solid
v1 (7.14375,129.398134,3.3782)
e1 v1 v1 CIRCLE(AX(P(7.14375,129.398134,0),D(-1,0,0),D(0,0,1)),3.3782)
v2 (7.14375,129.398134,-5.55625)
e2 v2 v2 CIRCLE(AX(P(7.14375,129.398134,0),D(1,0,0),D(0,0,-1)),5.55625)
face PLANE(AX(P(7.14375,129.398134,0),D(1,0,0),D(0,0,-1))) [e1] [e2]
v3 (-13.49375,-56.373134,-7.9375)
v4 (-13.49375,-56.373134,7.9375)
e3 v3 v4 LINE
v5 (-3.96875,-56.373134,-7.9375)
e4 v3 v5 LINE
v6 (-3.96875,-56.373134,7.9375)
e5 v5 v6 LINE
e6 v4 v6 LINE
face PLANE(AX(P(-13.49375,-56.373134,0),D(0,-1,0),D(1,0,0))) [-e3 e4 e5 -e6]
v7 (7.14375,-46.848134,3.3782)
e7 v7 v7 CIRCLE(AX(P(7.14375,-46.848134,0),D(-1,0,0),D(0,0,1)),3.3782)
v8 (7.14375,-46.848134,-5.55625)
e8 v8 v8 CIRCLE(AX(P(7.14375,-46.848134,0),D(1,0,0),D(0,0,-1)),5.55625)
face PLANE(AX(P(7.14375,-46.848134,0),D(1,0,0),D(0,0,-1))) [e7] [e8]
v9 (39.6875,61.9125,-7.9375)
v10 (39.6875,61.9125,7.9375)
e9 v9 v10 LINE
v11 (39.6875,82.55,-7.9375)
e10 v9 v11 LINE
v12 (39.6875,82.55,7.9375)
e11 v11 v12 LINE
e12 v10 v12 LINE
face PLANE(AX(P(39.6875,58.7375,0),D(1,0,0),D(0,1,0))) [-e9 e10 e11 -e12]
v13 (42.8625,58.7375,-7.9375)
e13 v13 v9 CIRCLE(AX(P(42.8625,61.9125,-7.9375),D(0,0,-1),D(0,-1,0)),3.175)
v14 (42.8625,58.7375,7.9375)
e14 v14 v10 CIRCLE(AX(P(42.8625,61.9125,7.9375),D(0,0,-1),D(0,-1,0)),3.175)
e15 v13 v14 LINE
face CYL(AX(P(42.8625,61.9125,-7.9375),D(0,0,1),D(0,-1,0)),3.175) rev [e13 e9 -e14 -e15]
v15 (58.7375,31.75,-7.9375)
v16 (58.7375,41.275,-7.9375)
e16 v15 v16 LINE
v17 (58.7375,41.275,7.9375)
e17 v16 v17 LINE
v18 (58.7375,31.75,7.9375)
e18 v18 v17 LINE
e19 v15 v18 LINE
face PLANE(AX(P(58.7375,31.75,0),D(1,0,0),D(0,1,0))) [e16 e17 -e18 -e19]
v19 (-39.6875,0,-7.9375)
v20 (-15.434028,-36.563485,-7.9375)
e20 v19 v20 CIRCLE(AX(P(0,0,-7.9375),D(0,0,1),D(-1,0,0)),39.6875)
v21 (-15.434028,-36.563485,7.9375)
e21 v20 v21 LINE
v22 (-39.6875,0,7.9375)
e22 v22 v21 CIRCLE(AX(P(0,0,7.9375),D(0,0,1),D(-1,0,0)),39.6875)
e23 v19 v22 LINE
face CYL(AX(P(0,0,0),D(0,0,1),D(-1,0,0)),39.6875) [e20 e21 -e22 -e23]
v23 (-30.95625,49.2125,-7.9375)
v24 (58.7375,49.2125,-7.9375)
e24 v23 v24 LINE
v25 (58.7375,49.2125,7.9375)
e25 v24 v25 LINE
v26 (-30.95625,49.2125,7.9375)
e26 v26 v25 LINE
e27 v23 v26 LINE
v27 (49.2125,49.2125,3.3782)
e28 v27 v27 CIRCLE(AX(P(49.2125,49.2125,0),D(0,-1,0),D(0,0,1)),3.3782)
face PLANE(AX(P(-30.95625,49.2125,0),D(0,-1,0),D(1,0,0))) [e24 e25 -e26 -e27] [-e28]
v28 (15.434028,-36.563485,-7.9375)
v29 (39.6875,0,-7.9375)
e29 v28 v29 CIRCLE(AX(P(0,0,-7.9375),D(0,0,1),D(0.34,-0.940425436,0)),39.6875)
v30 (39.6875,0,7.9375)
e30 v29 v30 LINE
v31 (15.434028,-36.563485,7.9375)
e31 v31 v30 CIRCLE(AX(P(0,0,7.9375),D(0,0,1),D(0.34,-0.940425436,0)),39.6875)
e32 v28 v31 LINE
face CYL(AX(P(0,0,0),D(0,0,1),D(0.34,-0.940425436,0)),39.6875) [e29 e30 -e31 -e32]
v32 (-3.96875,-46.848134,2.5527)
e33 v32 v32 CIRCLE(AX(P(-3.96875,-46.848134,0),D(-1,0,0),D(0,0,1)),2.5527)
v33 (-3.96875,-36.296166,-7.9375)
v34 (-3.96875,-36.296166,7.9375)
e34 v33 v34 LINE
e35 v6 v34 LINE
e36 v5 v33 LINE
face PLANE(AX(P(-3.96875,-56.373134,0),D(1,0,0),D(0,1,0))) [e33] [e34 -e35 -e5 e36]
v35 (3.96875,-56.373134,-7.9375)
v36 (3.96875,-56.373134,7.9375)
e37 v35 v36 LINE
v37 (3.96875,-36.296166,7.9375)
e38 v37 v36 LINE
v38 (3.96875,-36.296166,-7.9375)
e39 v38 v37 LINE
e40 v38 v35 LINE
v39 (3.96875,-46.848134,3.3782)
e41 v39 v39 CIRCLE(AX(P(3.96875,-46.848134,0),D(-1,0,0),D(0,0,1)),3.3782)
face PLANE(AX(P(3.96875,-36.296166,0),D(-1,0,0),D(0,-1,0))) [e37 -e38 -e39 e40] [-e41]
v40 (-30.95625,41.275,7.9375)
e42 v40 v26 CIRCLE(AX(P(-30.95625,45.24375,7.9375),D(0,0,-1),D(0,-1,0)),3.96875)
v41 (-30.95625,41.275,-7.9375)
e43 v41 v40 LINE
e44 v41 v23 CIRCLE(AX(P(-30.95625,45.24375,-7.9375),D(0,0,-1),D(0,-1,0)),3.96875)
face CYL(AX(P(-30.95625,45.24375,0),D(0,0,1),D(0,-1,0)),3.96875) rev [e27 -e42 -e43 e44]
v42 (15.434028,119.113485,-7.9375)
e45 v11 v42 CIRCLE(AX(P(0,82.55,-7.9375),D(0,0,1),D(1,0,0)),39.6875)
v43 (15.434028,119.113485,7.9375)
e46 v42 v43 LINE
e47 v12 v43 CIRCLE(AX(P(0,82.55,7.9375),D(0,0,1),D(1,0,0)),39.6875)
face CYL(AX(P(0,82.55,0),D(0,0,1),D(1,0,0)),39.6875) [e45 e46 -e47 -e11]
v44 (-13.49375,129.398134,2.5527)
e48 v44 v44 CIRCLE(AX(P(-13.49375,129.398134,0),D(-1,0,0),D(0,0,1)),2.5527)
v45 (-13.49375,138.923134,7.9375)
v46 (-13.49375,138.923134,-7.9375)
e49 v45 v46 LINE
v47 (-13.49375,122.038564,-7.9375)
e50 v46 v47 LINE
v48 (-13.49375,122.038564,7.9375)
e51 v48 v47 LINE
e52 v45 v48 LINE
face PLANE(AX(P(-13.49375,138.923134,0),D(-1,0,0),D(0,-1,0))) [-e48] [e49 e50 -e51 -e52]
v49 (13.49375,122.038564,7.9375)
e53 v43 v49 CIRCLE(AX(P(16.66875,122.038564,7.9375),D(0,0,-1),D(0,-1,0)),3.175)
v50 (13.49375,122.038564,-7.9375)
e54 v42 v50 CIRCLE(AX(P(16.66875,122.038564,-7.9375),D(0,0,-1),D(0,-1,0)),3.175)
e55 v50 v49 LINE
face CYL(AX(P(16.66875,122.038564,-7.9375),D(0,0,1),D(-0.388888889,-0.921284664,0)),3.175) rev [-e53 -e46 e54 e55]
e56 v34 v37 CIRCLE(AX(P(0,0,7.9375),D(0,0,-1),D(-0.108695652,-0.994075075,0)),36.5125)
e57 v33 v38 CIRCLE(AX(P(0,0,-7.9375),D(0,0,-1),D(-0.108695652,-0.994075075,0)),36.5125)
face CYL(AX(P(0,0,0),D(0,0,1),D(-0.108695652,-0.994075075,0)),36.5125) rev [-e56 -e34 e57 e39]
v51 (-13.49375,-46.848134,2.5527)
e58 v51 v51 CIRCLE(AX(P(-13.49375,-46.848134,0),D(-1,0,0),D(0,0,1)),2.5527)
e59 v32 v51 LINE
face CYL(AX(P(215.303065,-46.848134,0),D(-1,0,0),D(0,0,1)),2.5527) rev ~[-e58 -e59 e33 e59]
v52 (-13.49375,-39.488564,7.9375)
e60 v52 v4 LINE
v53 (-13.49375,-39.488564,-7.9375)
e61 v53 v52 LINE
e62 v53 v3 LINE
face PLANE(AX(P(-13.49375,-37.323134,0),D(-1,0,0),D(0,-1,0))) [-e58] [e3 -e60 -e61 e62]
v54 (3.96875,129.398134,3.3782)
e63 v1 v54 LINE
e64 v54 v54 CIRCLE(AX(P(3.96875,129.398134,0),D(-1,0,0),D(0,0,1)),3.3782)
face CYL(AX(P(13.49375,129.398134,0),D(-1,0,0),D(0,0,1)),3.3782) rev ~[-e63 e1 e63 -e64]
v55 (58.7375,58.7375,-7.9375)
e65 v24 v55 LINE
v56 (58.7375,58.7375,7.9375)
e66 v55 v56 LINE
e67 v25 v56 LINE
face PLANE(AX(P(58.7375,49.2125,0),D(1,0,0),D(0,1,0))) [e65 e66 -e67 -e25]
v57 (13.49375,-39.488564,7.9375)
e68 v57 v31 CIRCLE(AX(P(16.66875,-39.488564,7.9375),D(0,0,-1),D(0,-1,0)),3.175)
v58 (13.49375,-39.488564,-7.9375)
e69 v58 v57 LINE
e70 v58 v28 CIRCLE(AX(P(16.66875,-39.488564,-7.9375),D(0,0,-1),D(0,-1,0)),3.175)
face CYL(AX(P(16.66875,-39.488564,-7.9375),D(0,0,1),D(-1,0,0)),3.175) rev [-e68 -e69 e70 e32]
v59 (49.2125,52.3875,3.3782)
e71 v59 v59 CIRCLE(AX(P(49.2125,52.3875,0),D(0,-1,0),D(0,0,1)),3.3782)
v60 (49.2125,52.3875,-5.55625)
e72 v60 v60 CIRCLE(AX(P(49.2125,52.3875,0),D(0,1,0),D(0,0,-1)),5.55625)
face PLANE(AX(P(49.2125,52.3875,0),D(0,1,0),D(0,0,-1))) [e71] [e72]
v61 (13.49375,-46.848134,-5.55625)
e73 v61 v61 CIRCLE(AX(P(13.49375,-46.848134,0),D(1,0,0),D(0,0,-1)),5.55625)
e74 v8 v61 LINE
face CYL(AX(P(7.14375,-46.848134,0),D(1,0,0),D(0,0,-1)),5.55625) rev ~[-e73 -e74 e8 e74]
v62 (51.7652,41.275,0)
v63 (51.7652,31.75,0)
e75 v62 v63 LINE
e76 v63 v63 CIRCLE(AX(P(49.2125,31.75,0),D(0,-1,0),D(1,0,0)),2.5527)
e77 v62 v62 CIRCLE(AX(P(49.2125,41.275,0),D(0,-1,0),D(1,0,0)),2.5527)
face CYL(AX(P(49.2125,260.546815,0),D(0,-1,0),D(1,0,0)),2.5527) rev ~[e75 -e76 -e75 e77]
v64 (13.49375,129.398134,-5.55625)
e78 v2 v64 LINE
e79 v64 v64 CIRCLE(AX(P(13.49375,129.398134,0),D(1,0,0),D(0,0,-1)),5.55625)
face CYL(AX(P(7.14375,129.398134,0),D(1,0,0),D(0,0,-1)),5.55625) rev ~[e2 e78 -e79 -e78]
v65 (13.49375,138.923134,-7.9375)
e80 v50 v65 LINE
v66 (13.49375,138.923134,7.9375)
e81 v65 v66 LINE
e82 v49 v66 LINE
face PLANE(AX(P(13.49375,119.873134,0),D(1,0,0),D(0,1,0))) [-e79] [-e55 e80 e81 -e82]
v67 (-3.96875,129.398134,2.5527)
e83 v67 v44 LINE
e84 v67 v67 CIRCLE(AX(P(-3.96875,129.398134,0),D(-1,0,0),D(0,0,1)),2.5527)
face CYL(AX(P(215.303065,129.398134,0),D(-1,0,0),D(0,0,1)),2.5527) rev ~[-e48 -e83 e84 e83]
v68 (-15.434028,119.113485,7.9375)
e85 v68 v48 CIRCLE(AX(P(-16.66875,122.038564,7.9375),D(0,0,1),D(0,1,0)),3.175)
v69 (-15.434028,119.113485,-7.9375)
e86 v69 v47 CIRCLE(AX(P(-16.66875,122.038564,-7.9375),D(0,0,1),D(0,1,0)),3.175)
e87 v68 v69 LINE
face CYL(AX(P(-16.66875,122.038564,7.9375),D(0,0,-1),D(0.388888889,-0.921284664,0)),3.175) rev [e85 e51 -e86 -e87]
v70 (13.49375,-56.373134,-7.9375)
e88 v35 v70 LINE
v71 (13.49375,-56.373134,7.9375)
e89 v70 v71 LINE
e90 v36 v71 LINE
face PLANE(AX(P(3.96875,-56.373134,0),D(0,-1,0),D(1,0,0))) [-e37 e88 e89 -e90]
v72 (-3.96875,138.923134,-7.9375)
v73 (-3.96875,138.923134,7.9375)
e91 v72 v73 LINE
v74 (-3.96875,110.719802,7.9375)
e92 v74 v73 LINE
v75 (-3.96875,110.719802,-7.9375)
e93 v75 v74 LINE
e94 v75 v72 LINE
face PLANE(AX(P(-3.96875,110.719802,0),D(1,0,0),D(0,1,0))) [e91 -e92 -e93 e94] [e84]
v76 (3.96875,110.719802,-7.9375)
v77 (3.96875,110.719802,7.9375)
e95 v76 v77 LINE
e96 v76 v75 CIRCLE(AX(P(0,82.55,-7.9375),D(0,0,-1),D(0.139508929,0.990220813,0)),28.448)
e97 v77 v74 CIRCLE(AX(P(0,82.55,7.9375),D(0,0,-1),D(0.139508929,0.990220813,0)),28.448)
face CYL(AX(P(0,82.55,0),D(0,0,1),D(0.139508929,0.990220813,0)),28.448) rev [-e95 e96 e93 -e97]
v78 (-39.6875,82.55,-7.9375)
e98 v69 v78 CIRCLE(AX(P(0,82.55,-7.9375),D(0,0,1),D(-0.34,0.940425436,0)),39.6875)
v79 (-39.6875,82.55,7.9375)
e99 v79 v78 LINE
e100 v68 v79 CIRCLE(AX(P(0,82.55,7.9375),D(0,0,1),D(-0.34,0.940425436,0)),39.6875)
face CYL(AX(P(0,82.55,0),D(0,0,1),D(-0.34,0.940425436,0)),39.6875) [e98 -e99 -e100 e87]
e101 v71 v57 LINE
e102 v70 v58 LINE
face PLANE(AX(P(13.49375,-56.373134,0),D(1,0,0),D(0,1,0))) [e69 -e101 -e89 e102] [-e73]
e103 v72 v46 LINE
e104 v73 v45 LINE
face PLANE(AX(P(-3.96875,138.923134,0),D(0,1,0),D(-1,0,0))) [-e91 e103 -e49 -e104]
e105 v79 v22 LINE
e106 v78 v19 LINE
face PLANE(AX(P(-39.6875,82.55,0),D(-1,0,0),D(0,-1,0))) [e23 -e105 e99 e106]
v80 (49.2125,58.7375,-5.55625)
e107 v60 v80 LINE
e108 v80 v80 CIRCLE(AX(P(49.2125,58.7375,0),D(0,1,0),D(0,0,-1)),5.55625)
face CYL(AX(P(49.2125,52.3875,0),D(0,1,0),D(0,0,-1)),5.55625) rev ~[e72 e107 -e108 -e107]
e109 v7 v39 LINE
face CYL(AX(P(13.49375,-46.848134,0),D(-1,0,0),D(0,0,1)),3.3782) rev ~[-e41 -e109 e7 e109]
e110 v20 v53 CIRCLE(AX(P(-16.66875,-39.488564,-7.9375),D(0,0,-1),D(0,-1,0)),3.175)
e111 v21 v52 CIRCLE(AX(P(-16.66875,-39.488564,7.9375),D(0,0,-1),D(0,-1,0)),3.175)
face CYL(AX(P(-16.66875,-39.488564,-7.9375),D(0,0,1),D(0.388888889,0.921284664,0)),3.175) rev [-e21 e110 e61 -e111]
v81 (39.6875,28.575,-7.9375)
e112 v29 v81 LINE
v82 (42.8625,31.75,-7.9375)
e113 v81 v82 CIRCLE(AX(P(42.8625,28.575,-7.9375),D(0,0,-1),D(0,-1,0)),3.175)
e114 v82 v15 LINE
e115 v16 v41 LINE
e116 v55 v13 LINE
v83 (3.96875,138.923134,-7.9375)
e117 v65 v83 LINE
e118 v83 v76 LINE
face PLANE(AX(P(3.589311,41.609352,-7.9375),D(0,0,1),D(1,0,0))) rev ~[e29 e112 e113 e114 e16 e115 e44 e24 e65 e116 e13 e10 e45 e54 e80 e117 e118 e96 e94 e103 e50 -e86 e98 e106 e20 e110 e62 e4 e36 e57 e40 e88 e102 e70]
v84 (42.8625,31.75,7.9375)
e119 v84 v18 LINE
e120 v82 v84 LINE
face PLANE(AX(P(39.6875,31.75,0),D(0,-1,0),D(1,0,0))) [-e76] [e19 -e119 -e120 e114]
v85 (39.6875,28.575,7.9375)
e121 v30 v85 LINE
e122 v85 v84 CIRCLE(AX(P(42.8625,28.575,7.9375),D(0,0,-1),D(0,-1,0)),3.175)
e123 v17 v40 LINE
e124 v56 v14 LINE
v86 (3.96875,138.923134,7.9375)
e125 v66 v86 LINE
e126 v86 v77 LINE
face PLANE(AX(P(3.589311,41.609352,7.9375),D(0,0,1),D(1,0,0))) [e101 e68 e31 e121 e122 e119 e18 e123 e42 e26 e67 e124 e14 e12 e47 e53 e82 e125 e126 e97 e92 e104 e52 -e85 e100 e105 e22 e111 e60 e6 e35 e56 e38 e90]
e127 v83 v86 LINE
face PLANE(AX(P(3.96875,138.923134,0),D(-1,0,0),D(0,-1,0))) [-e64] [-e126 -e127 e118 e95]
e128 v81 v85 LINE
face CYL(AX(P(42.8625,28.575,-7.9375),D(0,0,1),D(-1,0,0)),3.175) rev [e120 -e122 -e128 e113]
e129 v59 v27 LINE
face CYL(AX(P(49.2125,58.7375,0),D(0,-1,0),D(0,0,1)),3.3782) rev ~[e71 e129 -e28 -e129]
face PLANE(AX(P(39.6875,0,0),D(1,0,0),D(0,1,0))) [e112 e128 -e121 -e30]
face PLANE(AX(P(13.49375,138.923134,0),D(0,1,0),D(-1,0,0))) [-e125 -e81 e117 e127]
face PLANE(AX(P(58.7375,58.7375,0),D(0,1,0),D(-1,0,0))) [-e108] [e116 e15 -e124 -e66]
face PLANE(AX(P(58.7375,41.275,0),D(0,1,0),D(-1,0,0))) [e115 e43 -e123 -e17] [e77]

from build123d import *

# Parameters (mm, degrees)
EXTRUDE1_DEPTH                                   = 7.9375
CBORE_FOR_1_4_SOCKET_HEAD_CAP_SCREW1_D           = 6.7564
CBORE_FOR_1_4_SOCKET_HEAD_CAP_SCREW1_DEPTH       = 9.525
CBORE_FOR_1_4_SOCKET_HEAD_CAP_SCREW1_CBORE_D     = 11.1125
CBORE_FOR_1_4_SOCKET_HEAD_CAP_SCREW1_CBORE_DEPTH = 6.35
F_1_4_20_TAPPED_HOLE1_D                          = 5.1054
CBORE_FOR_1_4_SOCKET_HEAD_CAP_SCREW2_D           = 6.7564
CBORE_FOR_1_4_SOCKET_HEAD_CAP_SCREW2_DEPTH       = 9.525
CBORE_FOR_1_4_SOCKET_HEAD_CAP_SCREW2_CBORE_D     = 11.1125
CBORE_FOR_1_4_SOCKET_HEAD_CAP_SCREW2_CBORE_DEPTH = 6.35
F_1_4_20_TAPPED_HOLE3_D                          = 5.1054
CBORE_FOR_1_4_SOCKET_HEAD_CAP_SCREW3_D           = 6.7564
CBORE_FOR_1_4_SOCKET_HEAD_CAP_SCREW3_DEPTH       = 9.525
CBORE_FOR_1_4_SOCKET_HEAD_CAP_SCREW3_CBORE_D     = 11.1125
CBORE_FOR_1_4_SOCKET_HEAD_CAP_SCREW3_CBORE_DEPTH = 6.35
F_1_4_20_TAPPED_HOLE4_D                          = 5.1054
FILLET1_R                                        = 3.175


with BuildPart() as part:
    # Sketch1 → Extrude1 (new, symmetric)
    with BuildSketch(Plane.XY):
        with BuildLine():
            Line((-39.6875, 82.55), (-39.6875, 0))
            ThreePointArc((-39.6875, 0), (-32.485618813, -22.798733003), (-13.49375, -37.323134477))
            Line((-13.49375, -37.323134477), (-13.49375, -56.373134477))
            Line((-13.49375, -56.373134477), (-3.96875, -56.373134477))
            Line((-3.96875, -56.373134477), (-3.96875, -36.296166184))
            ThreePointArc((-3.96875, -36.296166184), (0, 36.5125), (3.96875, -36.296166184))
            Line((3.96875, -36.296166184), (3.96875, -56.373134477))
            Line((3.96875, -56.373134477), (13.49375, -56.373134477))
            Line((13.49375, -56.373134477), (13.49375, -37.323134477))
            ThreePointArc((13.49375, -37.323134477), (32.485618813, -22.798733003), (39.6875, 0))
            Line((39.6875, 0), (39.6875, 31.75))
            Line((39.6875, 31.75), (58.7375, 31.75))
            Line((58.7375, 31.75), (58.7375, 41.275))
            Line((58.7375, 41.275), (-30.95625, 41.275))
            ThreePointArc((-30.95625, 41.275), (-34.925, 45.24375), (-30.95625, 49.2125))
            Line((-30.95625, 49.2125), (58.7375, 49.2125))
            Line((58.7375, 49.2125), (58.7375, 58.7375))
            Line((58.7375, 58.7375), (39.6875, 58.7375))
            Line((39.6875, 58.7375), (39.6875, 82.55))
            ThreePointArc((39.6875, 82.55), (32.485618813, 105.348733003), (13.49375, 119.873134477))
            Line((13.49375, 119.873134477), (13.49375, 138.923134477))
            Line((13.49375, 138.923134477), (3.96875, 138.923134477))
            Line((3.96875, 138.923134477), (3.96875, 110.719801693))
            ThreePointArc((3.96875, 110.719801693), (0, 54.102), (-3.96875, 110.719801693))
            Line((-3.96875, 110.719801693), (-3.96875, 138.923134477))
            Line((-3.96875, 138.923134477), (-13.49375, 138.923134477))
            Line((-13.49375, 138.923134477), (-13.49375, 119.873134477))
            ThreePointArc((-13.49375, 119.873134477), (-32.485618813, 105.348733003), (-39.6875, 82.55))
        make_face()
    extrude(amount=EXTRUDE1_DEPTH, both=True)

    # CBORE for 1/4 Socket Head Cap Screw1
    with Locations(Plane(origin=(13.49375, 0, 0), x_dir=(0, 0, -1), z_dir=(1, 0, 0))):
        with Locations((0, 129.398134477)):
            CounterBoreHole(CBORE_FOR_1_4_SOCKET_HEAD_CAP_SCREW1_D / 2, CBORE_FOR_1_4_SOCKET_HEAD_CAP_SCREW1_CBORE_D / 2, CBORE_FOR_1_4_SOCKET_HEAD_CAP_SCREW1_CBORE_DEPTH, depth=CBORE_FOR_1_4_SOCKET_HEAD_CAP_SCREW1_DEPTH)

    # 1/4-20 Tapped Hole1 (through all)
    with Locations(Plane(origin=(-3.96875, 0, 0), x_dir=(0, 0, -1), z_dir=(1, 0, 0))):
        with Locations((0, 129.398134477)):
            Hole(F_1_4_20_TAPPED_HOLE1_D / 2)

    # CBORE for 1/4 Socket Head Cap Screw2
    with Locations(Plane(origin=(0, 58.7375, 0), x_dir=(0, 0, -1), z_dir=(0, 1, 0))):
        with Locations((0, -49.2125)):
            CounterBoreHole(CBORE_FOR_1_4_SOCKET_HEAD_CAP_SCREW2_D / 2, CBORE_FOR_1_4_SOCKET_HEAD_CAP_SCREW2_CBORE_D / 2, CBORE_FOR_1_4_SOCKET_HEAD_CAP_SCREW2_CBORE_DEPTH, depth=CBORE_FOR_1_4_SOCKET_HEAD_CAP_SCREW2_DEPTH)

    # 1/4-20 Tapped Hole3 (through all)
    with Locations(Plane(origin=(0, 41.275, 0), x_dir=(-1, 0, 0), z_dir=(0, 1, 0))):
        with Locations((-49.2125, 0)):
            Hole(F_1_4_20_TAPPED_HOLE3_D / 2)

    # CBORE for 1/4 Socket Head Cap Screw3
    with Locations(Plane(origin=(13.49375, 0, 0), x_dir=(0, 0, -1), z_dir=(1, 0, 0))):
        with Locations((0, -46.848134477)):
            CounterBoreHole(CBORE_FOR_1_4_SOCKET_HEAD_CAP_SCREW3_D / 2, CBORE_FOR_1_4_SOCKET_HEAD_CAP_SCREW3_CBORE_D / 2, CBORE_FOR_1_4_SOCKET_HEAD_CAP_SCREW3_CBORE_DEPTH, depth=CBORE_FOR_1_4_SOCKET_HEAD_CAP_SCREW3_DEPTH)

    # 1/4-20 Tapped Hole4 (through all)
    with Locations(Plane(origin=(-3.96875, 0, 0), x_dir=(0, 0, -1), z_dir=(1, 0, 0))):
        with Locations((0, -46.848134477)):
            Hole(F_1_4_20_TAPPED_HOLE4_D / 2)

    # Fillet1
    fillet1_edges = [part.edges().sort_by_distance(p)[0] for p in [
        (39.6875, 31.75, 0),
        (13.49375, -37.323134477, 0),
        (-13.49375, -37.323134477, 0),
        (-13.49375, 119.873134477, 0),
        (13.49375, 119.873134477, 0),
        (39.6875, 58.7375, 0),
    ]]
    fillet(fillet1_edges, radius=FILLET1_R)


solid = part.part
